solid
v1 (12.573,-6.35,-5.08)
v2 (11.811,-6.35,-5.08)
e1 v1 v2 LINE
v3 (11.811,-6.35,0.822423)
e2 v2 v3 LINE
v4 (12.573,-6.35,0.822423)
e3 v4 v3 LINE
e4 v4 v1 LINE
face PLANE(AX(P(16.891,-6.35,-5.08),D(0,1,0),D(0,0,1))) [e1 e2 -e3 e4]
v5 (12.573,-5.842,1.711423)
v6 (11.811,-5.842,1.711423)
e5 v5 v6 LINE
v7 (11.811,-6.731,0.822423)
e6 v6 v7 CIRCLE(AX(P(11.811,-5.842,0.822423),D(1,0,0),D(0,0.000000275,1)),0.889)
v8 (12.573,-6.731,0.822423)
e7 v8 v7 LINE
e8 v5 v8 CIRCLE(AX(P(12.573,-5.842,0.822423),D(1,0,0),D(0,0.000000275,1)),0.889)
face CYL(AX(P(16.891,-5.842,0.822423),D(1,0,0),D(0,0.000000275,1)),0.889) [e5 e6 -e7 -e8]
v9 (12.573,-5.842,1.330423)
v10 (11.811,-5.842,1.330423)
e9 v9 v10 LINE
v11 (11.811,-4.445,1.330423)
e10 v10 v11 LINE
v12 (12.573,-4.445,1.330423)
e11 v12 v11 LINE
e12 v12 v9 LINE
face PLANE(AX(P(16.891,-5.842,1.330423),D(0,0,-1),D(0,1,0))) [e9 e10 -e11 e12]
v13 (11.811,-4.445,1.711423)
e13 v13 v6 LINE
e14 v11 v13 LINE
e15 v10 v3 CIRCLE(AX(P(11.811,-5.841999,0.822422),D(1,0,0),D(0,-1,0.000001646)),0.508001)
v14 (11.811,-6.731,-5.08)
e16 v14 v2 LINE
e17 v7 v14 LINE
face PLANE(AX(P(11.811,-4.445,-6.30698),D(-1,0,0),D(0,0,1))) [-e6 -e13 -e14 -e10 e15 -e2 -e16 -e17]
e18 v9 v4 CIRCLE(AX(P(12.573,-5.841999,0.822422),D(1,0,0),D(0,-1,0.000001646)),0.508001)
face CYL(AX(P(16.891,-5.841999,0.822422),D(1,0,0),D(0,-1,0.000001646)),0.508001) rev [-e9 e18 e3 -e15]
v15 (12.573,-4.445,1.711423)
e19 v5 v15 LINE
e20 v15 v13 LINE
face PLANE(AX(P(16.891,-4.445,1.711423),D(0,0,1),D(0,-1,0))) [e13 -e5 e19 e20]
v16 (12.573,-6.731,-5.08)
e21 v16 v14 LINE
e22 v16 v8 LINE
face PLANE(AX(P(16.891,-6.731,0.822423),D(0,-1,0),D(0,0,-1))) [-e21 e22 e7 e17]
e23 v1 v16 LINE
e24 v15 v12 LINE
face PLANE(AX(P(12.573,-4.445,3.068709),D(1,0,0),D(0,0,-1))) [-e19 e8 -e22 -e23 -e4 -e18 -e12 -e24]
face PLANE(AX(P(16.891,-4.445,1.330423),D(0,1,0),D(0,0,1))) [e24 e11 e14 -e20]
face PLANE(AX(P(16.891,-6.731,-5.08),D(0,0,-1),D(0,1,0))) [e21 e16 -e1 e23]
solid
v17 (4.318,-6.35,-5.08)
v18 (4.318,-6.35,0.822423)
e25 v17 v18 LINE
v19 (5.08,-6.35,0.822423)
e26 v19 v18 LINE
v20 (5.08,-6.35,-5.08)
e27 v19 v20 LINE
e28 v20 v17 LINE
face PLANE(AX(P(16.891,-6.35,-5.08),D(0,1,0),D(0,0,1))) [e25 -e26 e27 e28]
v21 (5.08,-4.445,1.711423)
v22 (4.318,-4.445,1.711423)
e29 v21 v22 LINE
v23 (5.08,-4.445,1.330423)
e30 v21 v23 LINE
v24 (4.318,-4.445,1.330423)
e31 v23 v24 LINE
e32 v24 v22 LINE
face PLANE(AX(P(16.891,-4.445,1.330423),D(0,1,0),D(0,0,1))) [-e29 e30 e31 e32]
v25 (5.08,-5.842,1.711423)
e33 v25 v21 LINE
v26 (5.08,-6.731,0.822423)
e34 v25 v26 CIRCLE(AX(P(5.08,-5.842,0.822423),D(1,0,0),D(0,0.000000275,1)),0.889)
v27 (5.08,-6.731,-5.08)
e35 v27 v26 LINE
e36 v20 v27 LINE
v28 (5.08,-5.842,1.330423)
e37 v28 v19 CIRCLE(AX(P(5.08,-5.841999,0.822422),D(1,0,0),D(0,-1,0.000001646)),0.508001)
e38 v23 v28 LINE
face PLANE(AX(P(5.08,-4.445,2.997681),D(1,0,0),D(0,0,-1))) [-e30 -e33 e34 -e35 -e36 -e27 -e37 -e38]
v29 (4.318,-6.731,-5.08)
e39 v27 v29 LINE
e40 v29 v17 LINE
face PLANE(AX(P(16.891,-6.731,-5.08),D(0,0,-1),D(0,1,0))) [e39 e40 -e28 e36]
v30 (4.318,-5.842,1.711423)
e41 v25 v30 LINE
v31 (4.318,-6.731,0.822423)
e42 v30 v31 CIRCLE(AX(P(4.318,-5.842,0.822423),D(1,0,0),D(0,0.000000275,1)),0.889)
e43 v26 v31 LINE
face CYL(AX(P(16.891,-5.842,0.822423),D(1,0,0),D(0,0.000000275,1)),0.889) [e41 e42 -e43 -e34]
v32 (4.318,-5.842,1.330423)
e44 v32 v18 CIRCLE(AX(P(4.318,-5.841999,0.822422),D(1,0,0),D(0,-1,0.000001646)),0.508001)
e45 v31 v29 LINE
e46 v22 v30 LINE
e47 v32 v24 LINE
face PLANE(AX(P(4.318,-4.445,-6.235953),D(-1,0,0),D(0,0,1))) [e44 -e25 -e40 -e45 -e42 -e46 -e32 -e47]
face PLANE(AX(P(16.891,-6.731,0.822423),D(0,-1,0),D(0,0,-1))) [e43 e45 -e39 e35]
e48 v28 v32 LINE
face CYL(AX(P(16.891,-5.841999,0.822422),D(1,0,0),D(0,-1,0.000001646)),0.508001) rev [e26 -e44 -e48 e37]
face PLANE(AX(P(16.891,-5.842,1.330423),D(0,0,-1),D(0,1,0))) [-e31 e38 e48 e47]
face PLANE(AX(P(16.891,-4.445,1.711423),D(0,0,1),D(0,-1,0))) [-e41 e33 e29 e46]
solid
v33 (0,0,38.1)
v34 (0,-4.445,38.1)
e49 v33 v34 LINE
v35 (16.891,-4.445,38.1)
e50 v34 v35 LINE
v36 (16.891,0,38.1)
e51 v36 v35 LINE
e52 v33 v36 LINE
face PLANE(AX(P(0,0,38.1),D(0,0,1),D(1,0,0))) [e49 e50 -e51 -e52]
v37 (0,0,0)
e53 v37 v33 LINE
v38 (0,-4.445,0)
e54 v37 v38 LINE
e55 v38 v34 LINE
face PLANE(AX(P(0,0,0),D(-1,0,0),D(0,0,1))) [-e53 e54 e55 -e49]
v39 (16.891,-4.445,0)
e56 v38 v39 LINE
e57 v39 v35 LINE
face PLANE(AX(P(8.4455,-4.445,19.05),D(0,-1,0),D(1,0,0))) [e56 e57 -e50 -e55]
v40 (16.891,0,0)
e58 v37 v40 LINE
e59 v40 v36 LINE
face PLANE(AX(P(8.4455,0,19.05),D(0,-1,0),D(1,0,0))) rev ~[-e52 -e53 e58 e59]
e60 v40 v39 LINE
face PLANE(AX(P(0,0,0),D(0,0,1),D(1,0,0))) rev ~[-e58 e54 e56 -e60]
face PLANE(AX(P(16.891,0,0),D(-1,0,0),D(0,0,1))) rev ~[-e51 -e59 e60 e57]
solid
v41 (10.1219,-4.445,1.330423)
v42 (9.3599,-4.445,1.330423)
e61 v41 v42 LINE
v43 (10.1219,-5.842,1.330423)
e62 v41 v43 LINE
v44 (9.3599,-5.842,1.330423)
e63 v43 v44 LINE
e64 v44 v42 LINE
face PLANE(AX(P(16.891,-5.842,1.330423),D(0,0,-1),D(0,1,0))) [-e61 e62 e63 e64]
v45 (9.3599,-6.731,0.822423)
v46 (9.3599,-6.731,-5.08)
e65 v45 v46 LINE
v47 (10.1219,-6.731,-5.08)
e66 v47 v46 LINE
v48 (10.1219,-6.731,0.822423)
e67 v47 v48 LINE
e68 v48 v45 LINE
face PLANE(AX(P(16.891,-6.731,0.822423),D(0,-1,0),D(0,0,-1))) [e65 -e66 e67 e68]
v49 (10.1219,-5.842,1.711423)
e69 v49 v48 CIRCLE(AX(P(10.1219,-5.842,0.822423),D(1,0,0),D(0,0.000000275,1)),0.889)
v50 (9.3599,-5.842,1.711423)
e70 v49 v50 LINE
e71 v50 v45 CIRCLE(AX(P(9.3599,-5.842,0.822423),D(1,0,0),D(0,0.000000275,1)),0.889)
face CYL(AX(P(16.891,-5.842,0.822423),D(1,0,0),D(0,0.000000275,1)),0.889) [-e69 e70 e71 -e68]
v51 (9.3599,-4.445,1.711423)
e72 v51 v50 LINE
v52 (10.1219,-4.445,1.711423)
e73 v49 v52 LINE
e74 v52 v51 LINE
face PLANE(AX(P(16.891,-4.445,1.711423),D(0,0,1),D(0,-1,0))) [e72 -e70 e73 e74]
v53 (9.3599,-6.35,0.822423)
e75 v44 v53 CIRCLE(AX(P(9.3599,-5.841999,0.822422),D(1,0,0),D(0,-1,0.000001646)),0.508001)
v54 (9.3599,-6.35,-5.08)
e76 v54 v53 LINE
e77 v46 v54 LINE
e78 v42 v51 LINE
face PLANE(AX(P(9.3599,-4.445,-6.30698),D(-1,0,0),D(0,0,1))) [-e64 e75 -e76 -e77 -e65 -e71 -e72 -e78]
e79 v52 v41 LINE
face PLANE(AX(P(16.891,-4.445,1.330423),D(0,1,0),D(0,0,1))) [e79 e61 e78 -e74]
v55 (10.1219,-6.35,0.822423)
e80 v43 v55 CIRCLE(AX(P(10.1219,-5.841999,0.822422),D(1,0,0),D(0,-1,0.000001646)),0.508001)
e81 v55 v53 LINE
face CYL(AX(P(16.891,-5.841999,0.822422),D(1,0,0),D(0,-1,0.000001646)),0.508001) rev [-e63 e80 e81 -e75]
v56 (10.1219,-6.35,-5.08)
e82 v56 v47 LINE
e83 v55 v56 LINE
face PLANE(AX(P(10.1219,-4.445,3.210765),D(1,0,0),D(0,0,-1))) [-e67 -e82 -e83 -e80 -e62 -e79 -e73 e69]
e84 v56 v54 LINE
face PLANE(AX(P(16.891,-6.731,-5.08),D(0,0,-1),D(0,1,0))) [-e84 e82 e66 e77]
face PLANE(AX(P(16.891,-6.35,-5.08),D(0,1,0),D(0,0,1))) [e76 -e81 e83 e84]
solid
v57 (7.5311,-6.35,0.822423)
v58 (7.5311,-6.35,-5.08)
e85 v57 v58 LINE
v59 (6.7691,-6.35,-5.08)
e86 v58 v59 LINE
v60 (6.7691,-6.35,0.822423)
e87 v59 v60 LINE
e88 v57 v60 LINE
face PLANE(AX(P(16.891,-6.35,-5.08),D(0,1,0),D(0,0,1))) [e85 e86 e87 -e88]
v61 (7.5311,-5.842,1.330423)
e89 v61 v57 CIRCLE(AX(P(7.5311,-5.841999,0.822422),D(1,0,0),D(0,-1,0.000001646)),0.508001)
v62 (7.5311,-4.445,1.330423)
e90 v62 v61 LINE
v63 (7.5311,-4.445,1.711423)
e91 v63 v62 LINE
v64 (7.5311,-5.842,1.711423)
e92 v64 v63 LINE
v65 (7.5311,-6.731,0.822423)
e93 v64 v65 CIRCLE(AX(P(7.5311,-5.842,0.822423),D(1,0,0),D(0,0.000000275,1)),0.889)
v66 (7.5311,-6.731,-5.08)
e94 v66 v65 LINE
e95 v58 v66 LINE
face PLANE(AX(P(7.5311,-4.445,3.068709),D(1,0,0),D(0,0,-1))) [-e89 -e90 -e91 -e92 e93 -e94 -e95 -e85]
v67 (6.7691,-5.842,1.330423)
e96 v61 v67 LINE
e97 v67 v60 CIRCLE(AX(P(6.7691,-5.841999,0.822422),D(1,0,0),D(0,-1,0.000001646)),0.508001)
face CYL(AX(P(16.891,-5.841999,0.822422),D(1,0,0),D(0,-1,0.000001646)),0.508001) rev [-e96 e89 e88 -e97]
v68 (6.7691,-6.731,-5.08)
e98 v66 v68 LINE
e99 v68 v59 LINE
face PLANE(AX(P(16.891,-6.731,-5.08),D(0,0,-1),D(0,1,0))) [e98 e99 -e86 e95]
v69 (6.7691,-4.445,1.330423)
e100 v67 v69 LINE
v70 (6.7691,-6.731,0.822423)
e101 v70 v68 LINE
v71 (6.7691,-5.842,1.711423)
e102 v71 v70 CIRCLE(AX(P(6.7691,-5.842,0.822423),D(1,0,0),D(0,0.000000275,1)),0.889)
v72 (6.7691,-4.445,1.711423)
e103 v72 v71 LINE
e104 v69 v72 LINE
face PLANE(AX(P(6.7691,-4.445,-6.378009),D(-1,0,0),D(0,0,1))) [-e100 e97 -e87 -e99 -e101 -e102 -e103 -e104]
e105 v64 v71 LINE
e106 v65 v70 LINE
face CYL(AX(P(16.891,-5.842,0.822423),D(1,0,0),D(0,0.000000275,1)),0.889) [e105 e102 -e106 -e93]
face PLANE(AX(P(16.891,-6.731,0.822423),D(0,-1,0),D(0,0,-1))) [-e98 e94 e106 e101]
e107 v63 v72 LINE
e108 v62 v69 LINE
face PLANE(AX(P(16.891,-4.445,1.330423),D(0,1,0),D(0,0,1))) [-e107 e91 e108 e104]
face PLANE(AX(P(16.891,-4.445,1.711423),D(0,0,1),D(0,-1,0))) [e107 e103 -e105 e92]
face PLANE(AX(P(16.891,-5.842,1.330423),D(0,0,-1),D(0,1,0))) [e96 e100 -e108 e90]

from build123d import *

# Parameters (mm, degrees)
F0_W     = 16.891
F0_H     = 38.1
F1_DEPTH = 4.445
F3_DEPTH = 16.891
F4_W     = 4.318
F4_H     = 3.068709
F4_W_2   = 1.8288
F4_H_2   = 6.30698
F5_DEPTH = 25.4


with BuildPart() as f1:
    # F0 (on Front) → F1 (new body)
    with BuildSketch(Plane.XZ):
        with Locations((8.4455, 19.05)):
            Rectangle(F0_W, F0_H)
    extrude(amount=F1_DEPTH)


with BuildPart() as f3:
    # F2 (on face) → F3 (new body, through all)
    with BuildSketch(Plane.YZ.offset(16.891)):
        with BuildLine():
            Line((-6.731, -5.08), (-6.35, -5.08))
            Line((-6.35, -5.08), (-6.35, 0.822423))
            ThreePointArc((-6.35, 0.822423), (-6.20121, 1.181633), (-5.842, 1.330423))
            Line((-5.842, 1.330423), (-4.445, 1.330423))
            Line((-4.445, 1.330423), (-4.445, 1.711423))
            Line((-4.445, 1.711423), (-5.842, 1.711423))
            ThreePointArc((-5.842, 1.711423), (-6.470618, 1.451041), (-6.731, 0.822423))
            Line((-6.731, 0.822423), (-6.731, -5.08))
        make_face()
    extrude(amount=-F3_DEPTH)

    # F4 (on face) → F5 (cut)
    with BuildSketch(Plane.XZ.offset(4.445)):
        Polygon((17.909975, 3.068709), (16.891, 3.068709), (16.891, 0), (12.573, 0), (12.573, -6.235953), (17.909975, -6.235953), align=None)
        with Locations((14.732, 1.534354)):
            Rectangle(F4_W, F4_H)
        Polygon((-1.018975, -6.235953), (4.318, -6.235953), (4.318, 0), (0, 0), (0, 3.068709), (-1.018975, 3.068709), align=None)
        with Locations((2.159, 1.534354)):
            Rectangle(F4_W, F4_H)
        Polygon((6.7691, 0), (5.08, 0), (5.08, -6.30698), (6.7691, -6.378009), align=None)
        Polygon((5.08, 2.997681), (5.08, 0), (6.7691, 0), (6.7691, 3.210765), align=None)
        with Locations((8.4455, 1.534354)):
            Rectangle(F4_W_2, F4_H)
        Polygon((10.1219, 3.210765), (10.1219, 0), (11.811, 0), (11.811, 2.997681), align=None)
        Polygon((11.811, 0), (10.1219, 0), (10.1219, -6.378009), (11.811, -6.30698), align=None)
        with Locations((8.4455, -3.15349)):
            Rectangle(F4_W_2, F4_H_2)
    extrude(amount=F5_DEPTH, mode=Mode.SUBTRACT)


solid = Compound([f1.part, f3.part])
